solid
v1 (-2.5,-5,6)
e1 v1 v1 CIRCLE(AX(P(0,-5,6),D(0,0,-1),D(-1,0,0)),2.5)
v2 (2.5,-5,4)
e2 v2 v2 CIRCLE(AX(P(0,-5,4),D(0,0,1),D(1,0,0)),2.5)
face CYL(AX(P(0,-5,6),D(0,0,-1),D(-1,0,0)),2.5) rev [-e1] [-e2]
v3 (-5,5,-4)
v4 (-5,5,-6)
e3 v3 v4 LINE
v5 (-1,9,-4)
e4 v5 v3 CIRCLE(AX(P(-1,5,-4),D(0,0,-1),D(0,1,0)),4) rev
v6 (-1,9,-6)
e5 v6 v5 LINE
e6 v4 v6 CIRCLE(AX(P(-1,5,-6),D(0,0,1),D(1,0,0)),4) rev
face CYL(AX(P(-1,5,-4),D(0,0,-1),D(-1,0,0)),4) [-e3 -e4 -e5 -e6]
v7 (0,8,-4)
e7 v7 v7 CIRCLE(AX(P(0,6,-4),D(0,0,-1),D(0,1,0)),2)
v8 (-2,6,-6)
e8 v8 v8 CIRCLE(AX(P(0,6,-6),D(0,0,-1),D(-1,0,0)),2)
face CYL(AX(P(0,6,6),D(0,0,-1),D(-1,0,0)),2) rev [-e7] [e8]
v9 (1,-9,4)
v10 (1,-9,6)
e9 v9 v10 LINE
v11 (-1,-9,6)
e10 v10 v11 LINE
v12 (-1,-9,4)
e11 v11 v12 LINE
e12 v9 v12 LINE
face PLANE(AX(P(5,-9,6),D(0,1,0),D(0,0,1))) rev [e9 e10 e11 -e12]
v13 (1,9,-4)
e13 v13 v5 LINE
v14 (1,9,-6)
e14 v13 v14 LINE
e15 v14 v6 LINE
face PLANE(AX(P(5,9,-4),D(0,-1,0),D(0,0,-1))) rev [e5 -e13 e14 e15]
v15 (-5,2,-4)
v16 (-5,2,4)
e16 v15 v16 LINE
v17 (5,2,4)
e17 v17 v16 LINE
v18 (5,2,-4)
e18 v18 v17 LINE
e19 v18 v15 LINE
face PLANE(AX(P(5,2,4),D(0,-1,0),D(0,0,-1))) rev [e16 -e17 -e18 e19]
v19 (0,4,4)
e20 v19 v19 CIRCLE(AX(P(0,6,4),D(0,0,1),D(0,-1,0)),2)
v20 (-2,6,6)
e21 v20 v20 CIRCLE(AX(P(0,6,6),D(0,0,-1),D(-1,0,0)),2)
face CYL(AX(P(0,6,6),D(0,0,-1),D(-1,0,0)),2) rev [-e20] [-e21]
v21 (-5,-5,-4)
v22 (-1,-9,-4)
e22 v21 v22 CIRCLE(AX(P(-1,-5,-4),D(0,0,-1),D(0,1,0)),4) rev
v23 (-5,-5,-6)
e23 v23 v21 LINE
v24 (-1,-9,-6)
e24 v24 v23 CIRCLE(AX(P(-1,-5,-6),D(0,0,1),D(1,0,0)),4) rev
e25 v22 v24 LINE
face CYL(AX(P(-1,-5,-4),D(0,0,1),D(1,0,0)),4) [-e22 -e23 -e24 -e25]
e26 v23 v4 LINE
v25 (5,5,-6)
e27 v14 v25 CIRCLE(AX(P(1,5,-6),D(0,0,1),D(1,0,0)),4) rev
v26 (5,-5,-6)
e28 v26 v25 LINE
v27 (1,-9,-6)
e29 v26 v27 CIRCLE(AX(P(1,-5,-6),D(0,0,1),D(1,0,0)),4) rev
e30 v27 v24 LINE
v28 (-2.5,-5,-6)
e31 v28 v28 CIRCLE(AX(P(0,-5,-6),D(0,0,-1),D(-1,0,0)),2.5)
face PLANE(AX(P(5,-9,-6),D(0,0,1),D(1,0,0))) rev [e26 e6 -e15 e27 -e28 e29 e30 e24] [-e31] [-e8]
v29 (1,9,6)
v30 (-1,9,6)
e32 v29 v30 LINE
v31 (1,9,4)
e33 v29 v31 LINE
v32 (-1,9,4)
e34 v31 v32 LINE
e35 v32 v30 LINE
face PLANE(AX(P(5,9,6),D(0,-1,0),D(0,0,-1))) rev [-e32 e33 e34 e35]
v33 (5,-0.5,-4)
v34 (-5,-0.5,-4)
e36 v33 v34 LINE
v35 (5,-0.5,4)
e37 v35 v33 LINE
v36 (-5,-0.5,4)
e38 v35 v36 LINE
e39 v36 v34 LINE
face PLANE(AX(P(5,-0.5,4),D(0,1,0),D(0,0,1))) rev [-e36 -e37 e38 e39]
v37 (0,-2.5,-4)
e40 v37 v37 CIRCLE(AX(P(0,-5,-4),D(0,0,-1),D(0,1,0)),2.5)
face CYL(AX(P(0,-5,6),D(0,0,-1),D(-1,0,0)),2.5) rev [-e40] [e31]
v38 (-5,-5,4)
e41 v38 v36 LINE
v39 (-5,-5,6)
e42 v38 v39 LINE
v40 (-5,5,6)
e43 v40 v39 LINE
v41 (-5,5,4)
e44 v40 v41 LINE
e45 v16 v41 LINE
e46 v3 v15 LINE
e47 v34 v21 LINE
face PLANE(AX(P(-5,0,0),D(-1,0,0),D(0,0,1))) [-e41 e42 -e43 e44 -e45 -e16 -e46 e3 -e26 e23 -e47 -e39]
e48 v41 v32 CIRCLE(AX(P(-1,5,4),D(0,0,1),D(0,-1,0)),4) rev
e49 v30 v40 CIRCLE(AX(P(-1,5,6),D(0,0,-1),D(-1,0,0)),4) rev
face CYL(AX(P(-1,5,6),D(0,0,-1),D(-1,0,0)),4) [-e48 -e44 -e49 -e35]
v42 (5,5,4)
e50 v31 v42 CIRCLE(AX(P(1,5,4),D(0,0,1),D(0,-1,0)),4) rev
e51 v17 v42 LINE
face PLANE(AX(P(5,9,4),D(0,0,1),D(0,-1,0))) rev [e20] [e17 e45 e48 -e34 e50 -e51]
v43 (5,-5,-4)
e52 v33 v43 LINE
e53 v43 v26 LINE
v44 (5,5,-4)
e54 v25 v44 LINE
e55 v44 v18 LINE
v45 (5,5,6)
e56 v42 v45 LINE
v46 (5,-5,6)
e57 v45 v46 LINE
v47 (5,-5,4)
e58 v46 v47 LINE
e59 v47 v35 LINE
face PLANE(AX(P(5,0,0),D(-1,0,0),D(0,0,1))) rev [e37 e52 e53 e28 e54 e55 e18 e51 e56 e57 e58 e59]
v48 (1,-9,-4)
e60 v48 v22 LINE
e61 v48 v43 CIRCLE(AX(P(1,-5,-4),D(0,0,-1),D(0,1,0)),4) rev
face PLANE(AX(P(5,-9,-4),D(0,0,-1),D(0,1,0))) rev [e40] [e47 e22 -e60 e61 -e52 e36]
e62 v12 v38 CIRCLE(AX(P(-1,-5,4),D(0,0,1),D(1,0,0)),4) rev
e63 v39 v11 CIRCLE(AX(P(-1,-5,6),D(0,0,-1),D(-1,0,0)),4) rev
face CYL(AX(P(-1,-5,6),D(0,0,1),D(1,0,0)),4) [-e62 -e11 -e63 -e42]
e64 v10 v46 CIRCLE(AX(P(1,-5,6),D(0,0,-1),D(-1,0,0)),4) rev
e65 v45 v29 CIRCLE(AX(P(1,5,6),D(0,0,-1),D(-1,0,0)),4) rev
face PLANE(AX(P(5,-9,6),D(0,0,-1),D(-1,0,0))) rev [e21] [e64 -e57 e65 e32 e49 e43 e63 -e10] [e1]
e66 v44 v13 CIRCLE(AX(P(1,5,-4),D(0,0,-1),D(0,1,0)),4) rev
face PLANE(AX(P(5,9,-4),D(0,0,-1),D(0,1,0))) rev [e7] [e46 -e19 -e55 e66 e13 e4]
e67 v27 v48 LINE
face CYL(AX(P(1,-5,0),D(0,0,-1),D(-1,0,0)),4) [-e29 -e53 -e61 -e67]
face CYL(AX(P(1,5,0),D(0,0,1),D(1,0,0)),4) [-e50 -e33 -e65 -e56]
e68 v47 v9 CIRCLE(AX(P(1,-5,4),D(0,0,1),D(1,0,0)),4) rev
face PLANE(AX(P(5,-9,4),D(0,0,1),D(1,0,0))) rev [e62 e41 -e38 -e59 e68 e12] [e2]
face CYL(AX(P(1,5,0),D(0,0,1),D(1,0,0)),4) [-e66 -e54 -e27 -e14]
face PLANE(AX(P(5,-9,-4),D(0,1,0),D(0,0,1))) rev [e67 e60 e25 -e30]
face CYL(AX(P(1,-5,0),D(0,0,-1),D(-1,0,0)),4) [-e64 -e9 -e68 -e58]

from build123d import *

# Parameters (mm, degrees)
SALIENTE_EXTRUIR1_DEPTH = 5
CROQUIS2_R              = 2
CROQUIS2_R_2            = 2.5
CORTAR_EXTRUIR1_DEPTH   = 12
REDONDEO1_R             = 4


with BuildPart() as part:
    # Croquis1 → Saliente-Extruir1 (new body, symmetric)
    with BuildSketch(Plane(origin=(0, 0, 0), x_dir=(0, 0, -1), z_dir=(1, 0, 0))):
        Polygon((4, 9), (6, 9), (6, -9), (4, -9), (4, -0.5), (-4, -0.5), (-4, -9), (-6, -9), (-6, 9), (-4, 9), (-4, 2), (4, 2), align=None)
    extrude(amount=SALIENTE_EXTRUIR1_DEPTH, both=True)

    # Croquis2 → Cortar-Extruir1 (cut)
    with BuildSketch(Plane(origin=(0, 0, -6), x_dir=(-1, 0, 0), z_dir=(0, 0, -1))):
        with Locations((0, 6)):
            Circle(CROQUIS2_R)
        with Locations((0, -5)):
            Circle(CROQUIS2_R_2)
    extrude(amount=-CORTAR_EXTRUIR1_DEPTH, mode=Mode.SUBTRACT)

    # Redondeo1
    redondeo1_edges = [part.edges().sort_by_distance(p)[0] for p in [
        (-5, -9, -5),
        (-5, -9, 5),
        (-5, 9, 5),
        (-5, 9, -5),
        (5, 9, 5),
        (5, -9, 5),
        (5, -9, -5),
        (5, 9, -5),
    ]]
    fillet(redondeo1_edges, radius=REDONDEO1_R)


solid = part.part
